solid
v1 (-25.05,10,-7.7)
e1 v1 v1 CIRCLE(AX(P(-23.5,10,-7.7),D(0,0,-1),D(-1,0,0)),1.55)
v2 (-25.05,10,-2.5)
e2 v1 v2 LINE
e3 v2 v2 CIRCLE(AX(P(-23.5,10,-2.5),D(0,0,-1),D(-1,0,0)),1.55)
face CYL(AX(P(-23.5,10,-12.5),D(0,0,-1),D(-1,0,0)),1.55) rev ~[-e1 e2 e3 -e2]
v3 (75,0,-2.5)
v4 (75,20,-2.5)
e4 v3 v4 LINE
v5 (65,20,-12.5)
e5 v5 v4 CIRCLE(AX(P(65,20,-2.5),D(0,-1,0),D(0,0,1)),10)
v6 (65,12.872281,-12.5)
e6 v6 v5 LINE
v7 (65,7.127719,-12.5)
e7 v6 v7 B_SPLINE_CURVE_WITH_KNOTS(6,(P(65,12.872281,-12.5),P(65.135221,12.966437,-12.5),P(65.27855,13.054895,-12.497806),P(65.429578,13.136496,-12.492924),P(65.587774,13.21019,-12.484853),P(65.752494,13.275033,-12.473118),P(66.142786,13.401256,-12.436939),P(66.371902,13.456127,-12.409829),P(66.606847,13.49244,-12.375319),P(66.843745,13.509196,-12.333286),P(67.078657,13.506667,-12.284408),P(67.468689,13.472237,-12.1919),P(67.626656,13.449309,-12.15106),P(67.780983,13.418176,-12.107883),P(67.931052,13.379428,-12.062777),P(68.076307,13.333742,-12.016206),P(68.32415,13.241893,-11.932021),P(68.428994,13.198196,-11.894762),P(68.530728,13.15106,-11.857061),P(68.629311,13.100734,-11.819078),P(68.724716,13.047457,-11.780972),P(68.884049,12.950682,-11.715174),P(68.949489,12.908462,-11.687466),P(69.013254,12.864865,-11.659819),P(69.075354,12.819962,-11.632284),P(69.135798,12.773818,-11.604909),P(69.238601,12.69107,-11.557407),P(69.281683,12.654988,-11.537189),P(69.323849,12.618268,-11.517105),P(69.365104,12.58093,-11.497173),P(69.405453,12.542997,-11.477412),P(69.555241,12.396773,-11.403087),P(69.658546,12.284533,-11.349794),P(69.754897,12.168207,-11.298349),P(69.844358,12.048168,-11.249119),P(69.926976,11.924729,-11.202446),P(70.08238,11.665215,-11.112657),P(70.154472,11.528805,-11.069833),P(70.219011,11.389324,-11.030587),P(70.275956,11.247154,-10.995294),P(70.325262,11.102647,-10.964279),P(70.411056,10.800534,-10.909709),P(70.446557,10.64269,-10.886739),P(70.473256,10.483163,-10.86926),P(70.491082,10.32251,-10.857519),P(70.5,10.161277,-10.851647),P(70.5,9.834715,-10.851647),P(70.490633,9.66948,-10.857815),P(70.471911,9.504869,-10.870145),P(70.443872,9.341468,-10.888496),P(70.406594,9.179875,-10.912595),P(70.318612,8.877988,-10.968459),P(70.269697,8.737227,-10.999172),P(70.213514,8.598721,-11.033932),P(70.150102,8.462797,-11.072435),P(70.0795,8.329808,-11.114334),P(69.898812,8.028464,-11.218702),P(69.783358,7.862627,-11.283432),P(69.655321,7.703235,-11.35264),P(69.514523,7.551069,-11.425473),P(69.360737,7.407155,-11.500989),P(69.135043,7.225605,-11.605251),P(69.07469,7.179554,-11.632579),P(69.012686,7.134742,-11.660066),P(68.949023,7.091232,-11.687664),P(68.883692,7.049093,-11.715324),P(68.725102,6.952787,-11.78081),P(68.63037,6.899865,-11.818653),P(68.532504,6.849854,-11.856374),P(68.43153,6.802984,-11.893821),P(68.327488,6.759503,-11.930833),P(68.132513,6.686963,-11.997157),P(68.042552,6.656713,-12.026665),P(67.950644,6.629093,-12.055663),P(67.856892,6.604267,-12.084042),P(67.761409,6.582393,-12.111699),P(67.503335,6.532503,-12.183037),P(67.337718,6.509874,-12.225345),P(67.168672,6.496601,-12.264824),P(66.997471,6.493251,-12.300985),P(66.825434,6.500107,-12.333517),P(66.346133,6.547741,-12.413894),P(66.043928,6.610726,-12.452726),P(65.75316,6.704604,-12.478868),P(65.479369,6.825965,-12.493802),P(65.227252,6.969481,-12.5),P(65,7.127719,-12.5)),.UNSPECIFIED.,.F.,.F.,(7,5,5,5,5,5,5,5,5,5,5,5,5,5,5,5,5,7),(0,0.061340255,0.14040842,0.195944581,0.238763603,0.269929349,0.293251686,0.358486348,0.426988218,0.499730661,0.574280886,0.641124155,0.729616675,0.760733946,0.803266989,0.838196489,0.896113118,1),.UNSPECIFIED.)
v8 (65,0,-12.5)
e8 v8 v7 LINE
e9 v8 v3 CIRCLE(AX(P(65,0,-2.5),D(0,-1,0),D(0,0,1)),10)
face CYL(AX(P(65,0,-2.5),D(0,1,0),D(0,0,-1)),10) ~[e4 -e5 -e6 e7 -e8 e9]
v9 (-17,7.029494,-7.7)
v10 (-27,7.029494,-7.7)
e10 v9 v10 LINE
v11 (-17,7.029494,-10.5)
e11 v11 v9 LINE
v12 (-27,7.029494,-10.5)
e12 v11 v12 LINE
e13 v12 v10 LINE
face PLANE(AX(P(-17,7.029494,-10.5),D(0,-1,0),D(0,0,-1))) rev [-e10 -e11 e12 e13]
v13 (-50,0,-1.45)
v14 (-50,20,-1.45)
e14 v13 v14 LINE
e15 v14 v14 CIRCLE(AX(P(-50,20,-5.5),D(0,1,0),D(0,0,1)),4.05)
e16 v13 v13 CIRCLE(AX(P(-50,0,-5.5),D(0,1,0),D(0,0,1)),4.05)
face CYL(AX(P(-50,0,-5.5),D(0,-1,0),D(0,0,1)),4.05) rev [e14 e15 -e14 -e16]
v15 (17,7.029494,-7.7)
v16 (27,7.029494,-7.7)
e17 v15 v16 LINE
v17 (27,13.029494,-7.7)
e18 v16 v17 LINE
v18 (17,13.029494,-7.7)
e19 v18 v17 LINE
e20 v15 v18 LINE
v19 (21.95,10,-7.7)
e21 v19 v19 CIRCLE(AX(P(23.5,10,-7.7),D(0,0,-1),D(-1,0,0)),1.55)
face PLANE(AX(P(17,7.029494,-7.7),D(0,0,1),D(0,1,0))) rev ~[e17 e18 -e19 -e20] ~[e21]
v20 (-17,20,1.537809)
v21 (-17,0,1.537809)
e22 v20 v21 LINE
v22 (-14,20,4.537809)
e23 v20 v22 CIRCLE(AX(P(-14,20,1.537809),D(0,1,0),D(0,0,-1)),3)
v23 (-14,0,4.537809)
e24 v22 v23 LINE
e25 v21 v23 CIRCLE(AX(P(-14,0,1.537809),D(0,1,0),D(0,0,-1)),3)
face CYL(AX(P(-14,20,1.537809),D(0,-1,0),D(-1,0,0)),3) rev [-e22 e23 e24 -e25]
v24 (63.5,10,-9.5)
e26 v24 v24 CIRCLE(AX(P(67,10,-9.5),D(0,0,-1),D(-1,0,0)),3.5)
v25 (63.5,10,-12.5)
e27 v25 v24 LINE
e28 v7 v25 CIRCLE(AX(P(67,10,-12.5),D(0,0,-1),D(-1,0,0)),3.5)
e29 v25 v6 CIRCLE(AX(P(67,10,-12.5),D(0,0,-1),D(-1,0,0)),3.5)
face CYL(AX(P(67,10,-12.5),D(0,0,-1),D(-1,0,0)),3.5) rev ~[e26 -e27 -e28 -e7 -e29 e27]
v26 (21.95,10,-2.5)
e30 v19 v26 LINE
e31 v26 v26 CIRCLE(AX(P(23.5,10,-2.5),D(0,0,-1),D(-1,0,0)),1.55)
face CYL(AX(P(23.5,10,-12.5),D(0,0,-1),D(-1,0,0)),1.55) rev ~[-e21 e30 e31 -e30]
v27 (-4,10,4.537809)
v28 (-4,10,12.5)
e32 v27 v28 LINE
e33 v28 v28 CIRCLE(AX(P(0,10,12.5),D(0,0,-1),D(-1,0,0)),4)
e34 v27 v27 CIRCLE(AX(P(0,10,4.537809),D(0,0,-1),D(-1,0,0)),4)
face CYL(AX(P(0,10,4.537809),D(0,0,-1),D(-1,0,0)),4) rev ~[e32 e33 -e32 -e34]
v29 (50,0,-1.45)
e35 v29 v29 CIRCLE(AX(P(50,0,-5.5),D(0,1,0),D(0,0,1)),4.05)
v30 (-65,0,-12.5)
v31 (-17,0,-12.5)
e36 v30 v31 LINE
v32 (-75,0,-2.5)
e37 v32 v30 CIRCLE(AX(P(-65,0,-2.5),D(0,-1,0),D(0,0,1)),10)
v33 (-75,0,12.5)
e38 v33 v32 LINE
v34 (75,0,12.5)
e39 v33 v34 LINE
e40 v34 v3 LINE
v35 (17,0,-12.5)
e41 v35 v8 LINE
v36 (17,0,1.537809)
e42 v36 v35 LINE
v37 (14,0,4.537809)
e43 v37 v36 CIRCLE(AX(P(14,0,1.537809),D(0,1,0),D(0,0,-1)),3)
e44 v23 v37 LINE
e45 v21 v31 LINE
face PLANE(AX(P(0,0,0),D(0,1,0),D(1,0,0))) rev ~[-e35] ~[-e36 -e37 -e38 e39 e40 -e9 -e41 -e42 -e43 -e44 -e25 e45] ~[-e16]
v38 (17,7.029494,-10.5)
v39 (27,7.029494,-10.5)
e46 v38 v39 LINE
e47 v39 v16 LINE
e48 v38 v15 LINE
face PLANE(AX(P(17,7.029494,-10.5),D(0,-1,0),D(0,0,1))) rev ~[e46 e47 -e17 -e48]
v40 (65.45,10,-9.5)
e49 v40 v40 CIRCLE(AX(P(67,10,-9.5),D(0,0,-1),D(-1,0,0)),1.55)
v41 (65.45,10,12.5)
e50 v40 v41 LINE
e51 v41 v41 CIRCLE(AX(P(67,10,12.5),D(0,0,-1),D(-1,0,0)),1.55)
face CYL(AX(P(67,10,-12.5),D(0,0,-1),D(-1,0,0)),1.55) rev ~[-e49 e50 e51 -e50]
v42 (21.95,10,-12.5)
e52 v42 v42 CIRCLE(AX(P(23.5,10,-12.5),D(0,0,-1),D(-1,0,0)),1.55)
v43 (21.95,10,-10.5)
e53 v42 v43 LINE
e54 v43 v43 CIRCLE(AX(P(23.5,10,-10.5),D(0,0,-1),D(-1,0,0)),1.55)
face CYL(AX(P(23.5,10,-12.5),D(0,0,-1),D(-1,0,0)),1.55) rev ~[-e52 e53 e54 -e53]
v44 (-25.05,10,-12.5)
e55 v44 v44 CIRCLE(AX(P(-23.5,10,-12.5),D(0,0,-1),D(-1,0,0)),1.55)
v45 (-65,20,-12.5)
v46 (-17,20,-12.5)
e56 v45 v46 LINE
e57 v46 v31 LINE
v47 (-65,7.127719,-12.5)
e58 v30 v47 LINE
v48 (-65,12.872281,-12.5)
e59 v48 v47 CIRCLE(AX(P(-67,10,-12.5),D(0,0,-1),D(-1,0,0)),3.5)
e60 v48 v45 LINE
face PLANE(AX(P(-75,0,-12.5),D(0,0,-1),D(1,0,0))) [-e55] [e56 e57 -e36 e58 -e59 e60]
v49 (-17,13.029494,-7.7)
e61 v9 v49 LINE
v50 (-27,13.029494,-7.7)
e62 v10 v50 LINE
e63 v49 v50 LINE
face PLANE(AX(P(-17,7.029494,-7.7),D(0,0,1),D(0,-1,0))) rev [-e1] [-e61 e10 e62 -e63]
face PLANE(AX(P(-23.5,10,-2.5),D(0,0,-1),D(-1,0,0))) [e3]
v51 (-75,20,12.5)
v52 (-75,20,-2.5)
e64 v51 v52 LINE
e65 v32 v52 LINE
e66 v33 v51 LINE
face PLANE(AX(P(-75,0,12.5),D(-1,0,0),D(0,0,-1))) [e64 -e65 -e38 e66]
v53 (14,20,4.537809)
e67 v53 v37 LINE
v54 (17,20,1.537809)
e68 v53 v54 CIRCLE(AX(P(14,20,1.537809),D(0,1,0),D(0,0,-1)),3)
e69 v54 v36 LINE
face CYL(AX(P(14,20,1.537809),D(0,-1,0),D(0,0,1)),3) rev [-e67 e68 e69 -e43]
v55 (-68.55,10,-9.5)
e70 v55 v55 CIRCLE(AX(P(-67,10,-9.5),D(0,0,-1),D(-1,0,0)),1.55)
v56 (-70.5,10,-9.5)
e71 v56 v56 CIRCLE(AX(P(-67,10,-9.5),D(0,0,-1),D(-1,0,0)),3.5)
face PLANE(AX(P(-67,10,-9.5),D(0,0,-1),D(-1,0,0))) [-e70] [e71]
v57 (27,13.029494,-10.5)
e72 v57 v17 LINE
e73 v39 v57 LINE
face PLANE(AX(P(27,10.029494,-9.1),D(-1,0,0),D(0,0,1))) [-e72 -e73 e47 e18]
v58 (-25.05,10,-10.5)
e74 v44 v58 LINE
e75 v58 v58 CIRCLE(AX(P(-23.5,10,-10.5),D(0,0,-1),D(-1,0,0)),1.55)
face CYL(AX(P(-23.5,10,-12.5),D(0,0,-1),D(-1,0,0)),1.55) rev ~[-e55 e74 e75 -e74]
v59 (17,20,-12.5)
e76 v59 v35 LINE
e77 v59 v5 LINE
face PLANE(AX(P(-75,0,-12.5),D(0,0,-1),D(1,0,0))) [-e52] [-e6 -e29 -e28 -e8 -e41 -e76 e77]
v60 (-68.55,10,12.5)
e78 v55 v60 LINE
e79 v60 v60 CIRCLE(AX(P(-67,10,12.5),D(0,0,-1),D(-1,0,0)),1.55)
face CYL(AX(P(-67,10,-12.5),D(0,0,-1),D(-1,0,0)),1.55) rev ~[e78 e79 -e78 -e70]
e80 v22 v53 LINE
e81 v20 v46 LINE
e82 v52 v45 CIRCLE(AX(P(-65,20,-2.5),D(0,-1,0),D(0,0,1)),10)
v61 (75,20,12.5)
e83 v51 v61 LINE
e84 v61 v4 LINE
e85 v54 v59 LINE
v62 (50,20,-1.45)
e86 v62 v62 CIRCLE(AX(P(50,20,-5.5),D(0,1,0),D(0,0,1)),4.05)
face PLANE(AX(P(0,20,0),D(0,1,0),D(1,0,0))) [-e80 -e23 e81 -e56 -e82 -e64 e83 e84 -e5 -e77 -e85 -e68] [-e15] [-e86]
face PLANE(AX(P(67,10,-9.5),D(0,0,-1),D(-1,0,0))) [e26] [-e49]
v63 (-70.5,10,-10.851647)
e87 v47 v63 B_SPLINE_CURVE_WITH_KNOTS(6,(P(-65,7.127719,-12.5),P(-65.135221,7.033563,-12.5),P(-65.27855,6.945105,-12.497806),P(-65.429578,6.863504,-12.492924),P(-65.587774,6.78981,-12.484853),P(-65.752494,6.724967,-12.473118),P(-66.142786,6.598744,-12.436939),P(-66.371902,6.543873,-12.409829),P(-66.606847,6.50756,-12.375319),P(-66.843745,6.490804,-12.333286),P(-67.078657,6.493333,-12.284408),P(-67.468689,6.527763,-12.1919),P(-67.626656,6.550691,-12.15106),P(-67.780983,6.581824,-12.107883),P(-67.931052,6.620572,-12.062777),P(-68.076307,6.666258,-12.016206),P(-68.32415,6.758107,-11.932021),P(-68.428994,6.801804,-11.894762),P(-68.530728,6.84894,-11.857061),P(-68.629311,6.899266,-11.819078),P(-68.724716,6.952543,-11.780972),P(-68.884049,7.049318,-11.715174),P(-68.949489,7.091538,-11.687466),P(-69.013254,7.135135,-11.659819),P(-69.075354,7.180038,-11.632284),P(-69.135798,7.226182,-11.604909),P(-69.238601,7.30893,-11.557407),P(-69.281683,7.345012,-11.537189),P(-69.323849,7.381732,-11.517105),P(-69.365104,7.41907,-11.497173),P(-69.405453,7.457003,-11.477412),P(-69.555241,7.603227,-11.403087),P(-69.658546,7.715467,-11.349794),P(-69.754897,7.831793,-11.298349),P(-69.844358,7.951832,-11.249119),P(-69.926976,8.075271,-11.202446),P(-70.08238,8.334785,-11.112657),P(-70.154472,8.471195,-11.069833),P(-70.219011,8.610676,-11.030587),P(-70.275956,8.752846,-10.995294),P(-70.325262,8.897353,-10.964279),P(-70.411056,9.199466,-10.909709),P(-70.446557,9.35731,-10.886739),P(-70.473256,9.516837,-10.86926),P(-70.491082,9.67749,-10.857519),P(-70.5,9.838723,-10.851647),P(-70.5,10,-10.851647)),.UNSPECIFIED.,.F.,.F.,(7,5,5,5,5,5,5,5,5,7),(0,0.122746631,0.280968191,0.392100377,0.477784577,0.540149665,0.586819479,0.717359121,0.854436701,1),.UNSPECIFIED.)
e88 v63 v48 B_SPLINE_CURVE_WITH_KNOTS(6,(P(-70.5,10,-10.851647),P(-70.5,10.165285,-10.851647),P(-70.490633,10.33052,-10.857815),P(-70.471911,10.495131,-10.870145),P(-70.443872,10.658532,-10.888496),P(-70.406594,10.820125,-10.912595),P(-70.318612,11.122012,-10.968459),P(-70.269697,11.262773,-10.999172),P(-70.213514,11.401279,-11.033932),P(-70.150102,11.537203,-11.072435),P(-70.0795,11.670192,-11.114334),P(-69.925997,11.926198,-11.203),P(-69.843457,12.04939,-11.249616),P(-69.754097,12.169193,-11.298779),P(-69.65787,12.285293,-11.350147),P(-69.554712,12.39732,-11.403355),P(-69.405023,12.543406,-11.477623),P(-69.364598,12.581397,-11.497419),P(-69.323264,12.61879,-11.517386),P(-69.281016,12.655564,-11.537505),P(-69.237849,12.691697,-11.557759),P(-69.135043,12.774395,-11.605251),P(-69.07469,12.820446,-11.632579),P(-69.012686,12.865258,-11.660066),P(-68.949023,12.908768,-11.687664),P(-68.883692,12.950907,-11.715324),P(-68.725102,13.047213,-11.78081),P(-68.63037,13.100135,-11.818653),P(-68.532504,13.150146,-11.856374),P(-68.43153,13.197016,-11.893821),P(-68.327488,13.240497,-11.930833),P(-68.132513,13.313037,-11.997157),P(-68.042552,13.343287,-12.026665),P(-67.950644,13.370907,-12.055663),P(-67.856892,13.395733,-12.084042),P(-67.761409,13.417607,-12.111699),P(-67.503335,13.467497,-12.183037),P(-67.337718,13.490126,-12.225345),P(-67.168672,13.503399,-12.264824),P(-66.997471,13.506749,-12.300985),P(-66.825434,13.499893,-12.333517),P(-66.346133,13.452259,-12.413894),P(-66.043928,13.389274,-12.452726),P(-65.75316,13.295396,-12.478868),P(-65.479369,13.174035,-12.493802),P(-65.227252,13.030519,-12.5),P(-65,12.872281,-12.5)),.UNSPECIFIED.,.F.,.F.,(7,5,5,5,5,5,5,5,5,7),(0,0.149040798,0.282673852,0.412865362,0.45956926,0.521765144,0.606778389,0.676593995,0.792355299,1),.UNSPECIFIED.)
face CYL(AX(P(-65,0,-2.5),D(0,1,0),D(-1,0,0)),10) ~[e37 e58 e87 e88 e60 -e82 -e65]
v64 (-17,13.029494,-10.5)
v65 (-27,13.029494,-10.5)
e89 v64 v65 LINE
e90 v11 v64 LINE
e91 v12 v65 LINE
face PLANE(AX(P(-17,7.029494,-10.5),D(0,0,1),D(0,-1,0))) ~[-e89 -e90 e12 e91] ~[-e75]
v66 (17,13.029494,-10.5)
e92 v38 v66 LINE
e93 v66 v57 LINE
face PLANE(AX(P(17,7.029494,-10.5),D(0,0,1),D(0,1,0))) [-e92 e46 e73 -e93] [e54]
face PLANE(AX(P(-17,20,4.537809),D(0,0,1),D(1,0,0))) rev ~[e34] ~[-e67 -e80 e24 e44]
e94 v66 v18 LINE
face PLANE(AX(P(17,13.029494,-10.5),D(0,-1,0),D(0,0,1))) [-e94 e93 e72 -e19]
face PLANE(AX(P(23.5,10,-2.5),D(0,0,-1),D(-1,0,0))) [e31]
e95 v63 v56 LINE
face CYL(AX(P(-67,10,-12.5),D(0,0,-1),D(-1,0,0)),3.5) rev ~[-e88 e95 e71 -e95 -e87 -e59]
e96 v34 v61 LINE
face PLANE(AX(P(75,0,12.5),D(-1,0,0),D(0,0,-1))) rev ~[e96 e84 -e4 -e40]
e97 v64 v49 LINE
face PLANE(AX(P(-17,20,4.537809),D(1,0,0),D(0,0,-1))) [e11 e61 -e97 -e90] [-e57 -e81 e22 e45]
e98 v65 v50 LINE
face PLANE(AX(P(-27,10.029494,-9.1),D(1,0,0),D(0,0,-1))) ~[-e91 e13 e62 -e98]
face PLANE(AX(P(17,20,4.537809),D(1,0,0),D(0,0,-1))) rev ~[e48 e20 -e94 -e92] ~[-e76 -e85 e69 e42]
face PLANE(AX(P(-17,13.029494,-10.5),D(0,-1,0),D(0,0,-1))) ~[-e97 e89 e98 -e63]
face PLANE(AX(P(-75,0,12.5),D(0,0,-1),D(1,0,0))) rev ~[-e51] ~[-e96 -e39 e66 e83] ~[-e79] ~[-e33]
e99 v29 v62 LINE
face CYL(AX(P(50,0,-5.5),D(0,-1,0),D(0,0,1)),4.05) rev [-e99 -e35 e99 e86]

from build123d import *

# Parameters (mm, degrees)
SKETCH1_W           = 150
SKETCH1_H           = 25
SKETCH1_R           = 4.05
BOSS_EXTRUDE1_DEPTH = 20
FILLET1_R           = 10
SKETCH3_R           = 1.55
CUT_EXTRUDE1_DEPTH  = 26
SKETCH3_3_R         = 3.5
SKETCH3_3_R_2       = 1.55
CUT_EXTRUDE2_DEPTH  = 3
SKETCH4_W           = 34
SKETCH4_H           = 34.075617562
CUT_EXTRUDE3_DEPTH  = 21.0000001
SKETCH5_R           = 4
CUT_EXTRUDE4_DEPTH  = 10
FILLET4_R           = 3
SKETCH6_R           = 1.55
CUT_EXTRUDE5_DEPTH  = 10
SKETCH7_W           = 2.8
SKETCH7_H           = 6
CUT_EXTRUDE6_DEPTH  = 10


with BuildPart() as part:
    # Sketch1 → Boss-Extrude1 (new body)
    with BuildSketch(Plane(origin=(0, 0, 0), x_dir=(1, 0, 0), z_dir=(0, 1, 0))):
        Rectangle(SKETCH1_W, SKETCH1_H)
        with Locations(Location((-50, 5.5, 0), (0, 0, 270))):  # turned: the seam where the file's is
            Circle(SKETCH1_R, mode=Mode.SUBTRACT)
        with Locations(Location((50, 5.5, 0), (0, 0, 270))):  # turned: the seam where the file's is
            Circle(SKETCH1_R, mode=Mode.SUBTRACT)
    extrude(amount=BOSS_EXTRUDE1_DEPTH)

    # Fillet1
    fillet1_edges = [part.edges().sort_by_distance(p)[0] for p in [
        (-75, 10, -12.5),
        (75, 10, -12.5),
    ]]
    fillet(fillet1_edges, radius=FILLET1_R)

    # Sketch3 → Cut-Extrude1 (cut, through all)
    with BuildSketch(Plane(origin=(0, 0, -12.5), x_dir=(-1, 0, 0), z_dir=(0, 0, -1))):
        with Locations((-67, 10)):
            Circle(SKETCH3_R)
        with Locations((67, 10)):
            Circle(SKETCH3_R)
    extrude(amount=-CUT_EXTRUDE1_DEPTH, mode=Mode.SUBTRACT)

    # Sketch3_3 → Cut-Extrude2 (cut)
    with BuildSketch(Plane(origin=(0, 0, -12.5), x_dir=(-1, 0, 0), z_dir=(0, 0, -1))):
        with Locations((-67, 10)):
            Circle(SKETCH3_3_R)
        with Locations((-67, 10)):
            Circle(SKETCH3_3_R_2, mode=Mode.SUBTRACT)
        with Locations((67, 10)):
            Circle(SKETCH3_3_R)
        with Locations((67, 10)):
            Circle(SKETCH3_3_R_2, mode=Mode.SUBTRACT)
    extrude(amount=-CUT_EXTRUDE2_DEPTH, mode=Mode.SUBTRACT)

    # Sketch4 → Cut-Extrude3 (cut, through all)
    with BuildSketch(Plane(origin=(0, 20, 0), x_dir=(1, 0, 0), z_dir=(0, 1, 0))):
        with Locations((0, 12.5)):
            Rectangle(SKETCH4_W, SKETCH4_H)
    extrude(amount=-CUT_EXTRUDE3_DEPTH, mode=Mode.SUBTRACT)

    # Sketch5 → Cut-Extrude4 (cut)
    with BuildSketch(Plane(origin=(0, 0, 4.537808781), x_dir=(-1, 0, 0), z_dir=(0, 0, -1))):
        with Locations((0, 10)):
            Circle(SKETCH5_R)
    extrude(amount=-CUT_EXTRUDE4_DEPTH, mode=Mode.SUBTRACT)

    # Fillet4
    fillet4_edges = [part.edges().sort_by_distance(p)[0] for p in [
        (-17, 10, 4.537808781),
        (17, 10, 4.537808781),
    ]]
    fillet(fillet4_edges, radius=FILLET4_R)

    # Sketch6 → Cut-Extrude5 (cut)
    with BuildSketch(Plane(origin=(0, 0, -12.5), x_dir=(-1, 0, 0), z_dir=(0, 0, -1))):
        with Locations((-23.5, 10)):
            Circle(SKETCH6_R)
        with Locations((23.5, 10)):
            Circle(SKETCH6_R)
    extrude(amount=-CUT_EXTRUDE5_DEPTH, mode=Mode.SUBTRACT)

    # Sketch7 → Cut-Extrude6 (cut)
    with BuildSketch(Plane.ZY.offset(-17)):
        with Locations((-9.1, 10.0294943)):
            Rectangle(SKETCH7_W, SKETCH7_H)
    cut_extrude6 = extrude(amount=-CUT_EXTRUDE6_DEPTH, mode=Mode.SUBTRACT)

    # Mirror1: Cut-Extrude6 across plane
    add(cut_extrude6.mirror(Plane(origin=(0, 0, 0), x_dir=(0, 0, 1), z_dir=(1, 0, 0))), mode=Mode.SUBTRACT)


solid = part.part
